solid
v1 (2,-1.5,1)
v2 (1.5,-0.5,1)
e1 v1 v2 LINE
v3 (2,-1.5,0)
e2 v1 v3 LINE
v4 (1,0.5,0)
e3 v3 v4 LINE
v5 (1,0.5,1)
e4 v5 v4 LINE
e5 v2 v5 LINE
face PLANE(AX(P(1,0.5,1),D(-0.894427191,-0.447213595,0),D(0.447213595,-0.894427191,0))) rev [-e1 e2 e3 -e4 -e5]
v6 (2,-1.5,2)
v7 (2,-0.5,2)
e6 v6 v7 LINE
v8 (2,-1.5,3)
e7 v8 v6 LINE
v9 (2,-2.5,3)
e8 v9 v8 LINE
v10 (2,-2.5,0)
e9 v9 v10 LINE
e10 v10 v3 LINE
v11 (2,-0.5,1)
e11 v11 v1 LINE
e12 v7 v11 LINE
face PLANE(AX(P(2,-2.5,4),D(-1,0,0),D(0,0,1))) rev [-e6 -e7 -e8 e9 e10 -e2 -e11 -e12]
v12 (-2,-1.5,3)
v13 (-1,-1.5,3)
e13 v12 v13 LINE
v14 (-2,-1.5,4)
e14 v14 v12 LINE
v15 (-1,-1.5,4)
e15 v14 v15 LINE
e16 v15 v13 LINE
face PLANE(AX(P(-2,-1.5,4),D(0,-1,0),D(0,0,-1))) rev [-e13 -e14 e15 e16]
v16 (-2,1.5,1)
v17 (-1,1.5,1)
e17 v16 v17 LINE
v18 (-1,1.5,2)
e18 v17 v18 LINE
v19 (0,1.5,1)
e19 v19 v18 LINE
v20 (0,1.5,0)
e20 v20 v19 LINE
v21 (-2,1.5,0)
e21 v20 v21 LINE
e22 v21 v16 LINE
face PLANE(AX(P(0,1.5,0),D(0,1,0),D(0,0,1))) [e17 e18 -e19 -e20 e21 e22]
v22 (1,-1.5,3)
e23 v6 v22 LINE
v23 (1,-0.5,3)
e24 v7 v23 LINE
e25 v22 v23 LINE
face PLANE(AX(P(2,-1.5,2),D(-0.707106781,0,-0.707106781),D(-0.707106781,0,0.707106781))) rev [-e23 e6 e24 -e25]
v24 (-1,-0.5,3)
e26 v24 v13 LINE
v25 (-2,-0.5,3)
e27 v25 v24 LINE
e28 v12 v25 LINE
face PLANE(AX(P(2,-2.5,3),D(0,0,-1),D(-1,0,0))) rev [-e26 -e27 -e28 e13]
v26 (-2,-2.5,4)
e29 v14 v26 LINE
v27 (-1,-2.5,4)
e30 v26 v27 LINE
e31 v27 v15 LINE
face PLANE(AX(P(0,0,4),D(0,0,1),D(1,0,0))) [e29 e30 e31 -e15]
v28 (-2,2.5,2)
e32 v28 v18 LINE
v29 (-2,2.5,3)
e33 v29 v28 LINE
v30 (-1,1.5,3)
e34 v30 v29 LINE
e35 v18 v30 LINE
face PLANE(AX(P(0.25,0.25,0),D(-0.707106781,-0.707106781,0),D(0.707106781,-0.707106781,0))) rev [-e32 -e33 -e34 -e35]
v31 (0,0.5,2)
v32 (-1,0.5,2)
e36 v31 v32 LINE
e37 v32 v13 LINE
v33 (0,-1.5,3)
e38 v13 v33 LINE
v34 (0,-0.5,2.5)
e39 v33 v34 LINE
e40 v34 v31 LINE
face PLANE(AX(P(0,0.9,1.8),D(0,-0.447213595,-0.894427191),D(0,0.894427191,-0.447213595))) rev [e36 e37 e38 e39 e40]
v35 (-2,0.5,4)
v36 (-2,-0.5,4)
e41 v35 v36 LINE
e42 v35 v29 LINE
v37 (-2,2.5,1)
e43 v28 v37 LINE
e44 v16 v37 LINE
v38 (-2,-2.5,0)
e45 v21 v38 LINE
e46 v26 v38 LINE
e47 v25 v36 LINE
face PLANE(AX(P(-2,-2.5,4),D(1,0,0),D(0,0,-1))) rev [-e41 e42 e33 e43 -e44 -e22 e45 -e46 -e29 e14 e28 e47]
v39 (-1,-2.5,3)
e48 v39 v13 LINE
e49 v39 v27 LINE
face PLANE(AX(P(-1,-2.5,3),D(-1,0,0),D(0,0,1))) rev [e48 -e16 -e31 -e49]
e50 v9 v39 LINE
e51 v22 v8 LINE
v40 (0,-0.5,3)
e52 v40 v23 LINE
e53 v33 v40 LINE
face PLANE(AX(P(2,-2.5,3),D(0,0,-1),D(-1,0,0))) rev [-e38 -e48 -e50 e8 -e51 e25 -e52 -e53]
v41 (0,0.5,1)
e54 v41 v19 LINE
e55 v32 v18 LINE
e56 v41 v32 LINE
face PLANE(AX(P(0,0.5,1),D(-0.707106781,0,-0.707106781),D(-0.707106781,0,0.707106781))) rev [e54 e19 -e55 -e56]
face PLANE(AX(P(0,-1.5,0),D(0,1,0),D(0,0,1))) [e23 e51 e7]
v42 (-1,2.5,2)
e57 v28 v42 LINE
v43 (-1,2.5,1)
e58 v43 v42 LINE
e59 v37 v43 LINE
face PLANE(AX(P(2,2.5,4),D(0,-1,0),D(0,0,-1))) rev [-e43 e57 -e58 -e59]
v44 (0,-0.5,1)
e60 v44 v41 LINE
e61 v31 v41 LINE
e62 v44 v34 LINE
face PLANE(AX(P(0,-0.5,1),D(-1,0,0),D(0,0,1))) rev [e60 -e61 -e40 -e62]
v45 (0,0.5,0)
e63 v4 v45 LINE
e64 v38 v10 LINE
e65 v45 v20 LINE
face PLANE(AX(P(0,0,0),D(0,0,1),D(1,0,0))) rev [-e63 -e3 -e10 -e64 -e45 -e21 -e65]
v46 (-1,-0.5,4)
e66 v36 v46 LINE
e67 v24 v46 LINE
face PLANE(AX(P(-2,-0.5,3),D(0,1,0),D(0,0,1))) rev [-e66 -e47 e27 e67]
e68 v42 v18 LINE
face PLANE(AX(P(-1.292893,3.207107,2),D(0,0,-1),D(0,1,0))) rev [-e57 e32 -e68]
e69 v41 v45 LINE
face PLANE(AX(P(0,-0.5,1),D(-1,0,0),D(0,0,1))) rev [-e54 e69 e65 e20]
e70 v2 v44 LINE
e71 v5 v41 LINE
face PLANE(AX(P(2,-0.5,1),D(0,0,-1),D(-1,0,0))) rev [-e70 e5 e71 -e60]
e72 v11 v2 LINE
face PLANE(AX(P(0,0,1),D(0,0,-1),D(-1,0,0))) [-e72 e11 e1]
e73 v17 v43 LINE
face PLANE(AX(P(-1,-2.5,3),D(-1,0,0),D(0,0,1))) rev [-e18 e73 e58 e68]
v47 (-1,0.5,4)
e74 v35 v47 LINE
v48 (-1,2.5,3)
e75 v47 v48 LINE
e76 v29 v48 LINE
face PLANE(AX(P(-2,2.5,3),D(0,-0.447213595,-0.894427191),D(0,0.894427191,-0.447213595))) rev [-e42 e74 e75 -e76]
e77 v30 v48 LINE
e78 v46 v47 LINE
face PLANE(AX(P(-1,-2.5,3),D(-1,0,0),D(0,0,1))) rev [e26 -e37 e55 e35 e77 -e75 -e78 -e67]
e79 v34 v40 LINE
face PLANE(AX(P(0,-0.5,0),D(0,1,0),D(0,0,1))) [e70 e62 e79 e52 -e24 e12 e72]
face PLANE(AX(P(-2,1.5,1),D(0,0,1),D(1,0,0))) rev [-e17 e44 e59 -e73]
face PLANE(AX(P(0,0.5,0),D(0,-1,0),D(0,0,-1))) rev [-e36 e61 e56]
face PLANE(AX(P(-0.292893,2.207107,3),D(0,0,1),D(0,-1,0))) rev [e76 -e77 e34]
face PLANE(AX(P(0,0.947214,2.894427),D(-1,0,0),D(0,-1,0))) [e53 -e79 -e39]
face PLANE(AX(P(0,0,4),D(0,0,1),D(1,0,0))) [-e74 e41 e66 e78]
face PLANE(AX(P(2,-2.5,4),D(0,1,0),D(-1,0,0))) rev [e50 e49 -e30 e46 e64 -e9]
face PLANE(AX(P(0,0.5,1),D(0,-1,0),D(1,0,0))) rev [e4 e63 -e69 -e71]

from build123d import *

# Parameters (mm, degrees)
SKETCH1_W           = 4
SKETCH1_H           = 5
BOSS_EXTRUDE1_DEPTH = 4
SKETCH2_W           = 3
SKETCH2_H           = 1
CUT_EXTRUDE1_DEPTH  = 6
SKETCH3_W           = 1
SKETCH3_H           = 1
CUT_EXTRUDE2_DEPTH  = 1
CUT_EXTRUDE3_DEPTH  = 1
CUT_EXTRUDE5_DEPTH  = 1
SKETCH6_W           = 2
SKETCH6_H           = 2
CUT_EXTRUDE6_DEPTH  = 2
CUT_EXTRUDE7_DEPTH  = 1
CUT_EXTRUDE8_DEPTH  = 1
CUT_EXTRUDE9_DEPTH  = 1
SKETCH12_W          = 1
SKETCH12_H          = 2.236067978
CUT_EXTRUDE10_DEPTH = 1
SKETCH14_W          = 1
SKETCH14_H          = 1.414213562
CUT_EXTRUDE11_DEPTH = 1


with BuildPart() as part:
    # Sketch1 → Boss-Extrude1 (new body)
    with BuildSketch(Plane.XY):
        Rectangle(SKETCH1_W, SKETCH1_H)
    extrude(amount=BOSS_EXTRUDE1_DEPTH)

    # Sketch2 → Cut-Extrude1 (cut, through all)
    with BuildSketch(Plane(origin=(0, 2.5, 0), x_dir=(1, 0, 0), z_dir=(0, 1, 0))):
        with Locations((0.5, -3.5)):
            Rectangle(SKETCH2_W, SKETCH2_H)
    extrude(amount=-CUT_EXTRUDE1_DEPTH, mode=Mode.SUBTRACT)

    # Sketch3 → Cut-Extrude2 (cut)
    with BuildSketch(Plane(origin=(-1, 0, 0), x_dir=(0, 0, -1), z_dir=(1, 0, 0))):
        with Locations((-3.5, -1)):
            Rectangle(SKETCH3_W, SKETCH3_H)
    extrude(amount=-CUT_EXTRUDE2_DEPTH, mode=Mode.SUBTRACT)

    # Sketch4 → Cut-Extrude3 (cut)
    with BuildSketch(Plane(origin=(-1, 0, 0), x_dir=(0, 0, -1), z_dir=(1, 0, 0))):
        Polygon((-3, 2.5), (-4, 0.5), (-4, 2.5), align=None)
    extrude(amount=-CUT_EXTRUDE3_DEPTH, mode=Mode.SUBTRACT)

    # Sketch5 → Cut-Extrude5 (cut)
    with BuildSketch(Plane(origin=(0, 2.5, 0), x_dir=(1, 0, 0), z_dir=(0, 1, 0))):
        Polygon((-2, 0), (-2, -1), (-1, -1), (-1, -3), (2, -3), (2, 0), align=None)
    extrude(amount=-CUT_EXTRUDE5_DEPTH, mode=Mode.SUBTRACT)

    # Sketch6 → Cut-Extrude6 (cut)
    with BuildSketch(Plane(origin=(0, 1.5, 0), x_dir=(1, 0, 0), z_dir=(0, 1, 0))):
        with Locations((1, -2)):
            Rectangle(SKETCH6_W, SKETCH6_H)
    extrude(amount=-CUT_EXTRUDE6_DEPTH, mode=Mode.SUBTRACT)

    # Sketch7 → Cut-Extrude7 (cut)
    with BuildSketch(Plane(origin=(0, -0.5, 0), x_dir=(1, 0, 0), z_dir=(0, 1, 0))):
        Polygon((2, -3), (2, -2), (1, -3), align=None)
    extrude(amount=-CUT_EXTRUDE7_DEPTH, mode=Mode.SUBTRACT)

    # Sketch8 → Cut-Extrude8 (cut)
    with BuildSketch(Plane(origin=(0, 0, 0), x_dir=(-1, 0, 0), z_dir=(0, 0, -1))):
        Polygon((-2, -1.5), (-2, 1.5), (0, 1.5), (0, 0.5), (-1, 0.5), align=None)
    extrude(amount=-CUT_EXTRUDE8_DEPTH, mode=Mode.SUBTRACT)

    # Sketch9 → Cut-Extrude9 (cut)
    with BuildSketch(Plane(origin=(0, 1.5, 0), x_dir=(1, 0, 0), z_dir=(0, 1, 0))):
        Polygon((0, -1), (-1, -2), (-1, -3), (0, -3), align=None)
    extrude(amount=-CUT_EXTRUDE9_DEPTH, mode=Mode.SUBTRACT)

    # Sketch12 → Cut-Extrude10 (cut)
    with BuildSketch(Plane(origin=(0, 0.9, 1.8), x_dir=(1, 0, 0), z_dir=(0, 0.447213595, 0.894427191))):
        with Locations((-0.5, -1.565247584)):
            Rectangle(SKETCH12_W, SKETCH12_H)
    extrude(amount=CUT_EXTRUDE10_DEPTH, mode=Mode.SUBTRACT)

    # Sketch14 → Cut-Extrude11 (cut)
    with BuildSketch(Plane(origin=(0.25, 0.25, 0), x_dir=(0, 0, 1), z_dir=(-0.707106781, -0.707106781, 0))):
        with Locations((2.5, 2.474873734)):
            Rectangle(SKETCH14_W, SKETCH14_H)
    extrude(amount=-CUT_EXTRUDE11_DEPTH, mode=Mode.SUBTRACT)


solid = part.part
